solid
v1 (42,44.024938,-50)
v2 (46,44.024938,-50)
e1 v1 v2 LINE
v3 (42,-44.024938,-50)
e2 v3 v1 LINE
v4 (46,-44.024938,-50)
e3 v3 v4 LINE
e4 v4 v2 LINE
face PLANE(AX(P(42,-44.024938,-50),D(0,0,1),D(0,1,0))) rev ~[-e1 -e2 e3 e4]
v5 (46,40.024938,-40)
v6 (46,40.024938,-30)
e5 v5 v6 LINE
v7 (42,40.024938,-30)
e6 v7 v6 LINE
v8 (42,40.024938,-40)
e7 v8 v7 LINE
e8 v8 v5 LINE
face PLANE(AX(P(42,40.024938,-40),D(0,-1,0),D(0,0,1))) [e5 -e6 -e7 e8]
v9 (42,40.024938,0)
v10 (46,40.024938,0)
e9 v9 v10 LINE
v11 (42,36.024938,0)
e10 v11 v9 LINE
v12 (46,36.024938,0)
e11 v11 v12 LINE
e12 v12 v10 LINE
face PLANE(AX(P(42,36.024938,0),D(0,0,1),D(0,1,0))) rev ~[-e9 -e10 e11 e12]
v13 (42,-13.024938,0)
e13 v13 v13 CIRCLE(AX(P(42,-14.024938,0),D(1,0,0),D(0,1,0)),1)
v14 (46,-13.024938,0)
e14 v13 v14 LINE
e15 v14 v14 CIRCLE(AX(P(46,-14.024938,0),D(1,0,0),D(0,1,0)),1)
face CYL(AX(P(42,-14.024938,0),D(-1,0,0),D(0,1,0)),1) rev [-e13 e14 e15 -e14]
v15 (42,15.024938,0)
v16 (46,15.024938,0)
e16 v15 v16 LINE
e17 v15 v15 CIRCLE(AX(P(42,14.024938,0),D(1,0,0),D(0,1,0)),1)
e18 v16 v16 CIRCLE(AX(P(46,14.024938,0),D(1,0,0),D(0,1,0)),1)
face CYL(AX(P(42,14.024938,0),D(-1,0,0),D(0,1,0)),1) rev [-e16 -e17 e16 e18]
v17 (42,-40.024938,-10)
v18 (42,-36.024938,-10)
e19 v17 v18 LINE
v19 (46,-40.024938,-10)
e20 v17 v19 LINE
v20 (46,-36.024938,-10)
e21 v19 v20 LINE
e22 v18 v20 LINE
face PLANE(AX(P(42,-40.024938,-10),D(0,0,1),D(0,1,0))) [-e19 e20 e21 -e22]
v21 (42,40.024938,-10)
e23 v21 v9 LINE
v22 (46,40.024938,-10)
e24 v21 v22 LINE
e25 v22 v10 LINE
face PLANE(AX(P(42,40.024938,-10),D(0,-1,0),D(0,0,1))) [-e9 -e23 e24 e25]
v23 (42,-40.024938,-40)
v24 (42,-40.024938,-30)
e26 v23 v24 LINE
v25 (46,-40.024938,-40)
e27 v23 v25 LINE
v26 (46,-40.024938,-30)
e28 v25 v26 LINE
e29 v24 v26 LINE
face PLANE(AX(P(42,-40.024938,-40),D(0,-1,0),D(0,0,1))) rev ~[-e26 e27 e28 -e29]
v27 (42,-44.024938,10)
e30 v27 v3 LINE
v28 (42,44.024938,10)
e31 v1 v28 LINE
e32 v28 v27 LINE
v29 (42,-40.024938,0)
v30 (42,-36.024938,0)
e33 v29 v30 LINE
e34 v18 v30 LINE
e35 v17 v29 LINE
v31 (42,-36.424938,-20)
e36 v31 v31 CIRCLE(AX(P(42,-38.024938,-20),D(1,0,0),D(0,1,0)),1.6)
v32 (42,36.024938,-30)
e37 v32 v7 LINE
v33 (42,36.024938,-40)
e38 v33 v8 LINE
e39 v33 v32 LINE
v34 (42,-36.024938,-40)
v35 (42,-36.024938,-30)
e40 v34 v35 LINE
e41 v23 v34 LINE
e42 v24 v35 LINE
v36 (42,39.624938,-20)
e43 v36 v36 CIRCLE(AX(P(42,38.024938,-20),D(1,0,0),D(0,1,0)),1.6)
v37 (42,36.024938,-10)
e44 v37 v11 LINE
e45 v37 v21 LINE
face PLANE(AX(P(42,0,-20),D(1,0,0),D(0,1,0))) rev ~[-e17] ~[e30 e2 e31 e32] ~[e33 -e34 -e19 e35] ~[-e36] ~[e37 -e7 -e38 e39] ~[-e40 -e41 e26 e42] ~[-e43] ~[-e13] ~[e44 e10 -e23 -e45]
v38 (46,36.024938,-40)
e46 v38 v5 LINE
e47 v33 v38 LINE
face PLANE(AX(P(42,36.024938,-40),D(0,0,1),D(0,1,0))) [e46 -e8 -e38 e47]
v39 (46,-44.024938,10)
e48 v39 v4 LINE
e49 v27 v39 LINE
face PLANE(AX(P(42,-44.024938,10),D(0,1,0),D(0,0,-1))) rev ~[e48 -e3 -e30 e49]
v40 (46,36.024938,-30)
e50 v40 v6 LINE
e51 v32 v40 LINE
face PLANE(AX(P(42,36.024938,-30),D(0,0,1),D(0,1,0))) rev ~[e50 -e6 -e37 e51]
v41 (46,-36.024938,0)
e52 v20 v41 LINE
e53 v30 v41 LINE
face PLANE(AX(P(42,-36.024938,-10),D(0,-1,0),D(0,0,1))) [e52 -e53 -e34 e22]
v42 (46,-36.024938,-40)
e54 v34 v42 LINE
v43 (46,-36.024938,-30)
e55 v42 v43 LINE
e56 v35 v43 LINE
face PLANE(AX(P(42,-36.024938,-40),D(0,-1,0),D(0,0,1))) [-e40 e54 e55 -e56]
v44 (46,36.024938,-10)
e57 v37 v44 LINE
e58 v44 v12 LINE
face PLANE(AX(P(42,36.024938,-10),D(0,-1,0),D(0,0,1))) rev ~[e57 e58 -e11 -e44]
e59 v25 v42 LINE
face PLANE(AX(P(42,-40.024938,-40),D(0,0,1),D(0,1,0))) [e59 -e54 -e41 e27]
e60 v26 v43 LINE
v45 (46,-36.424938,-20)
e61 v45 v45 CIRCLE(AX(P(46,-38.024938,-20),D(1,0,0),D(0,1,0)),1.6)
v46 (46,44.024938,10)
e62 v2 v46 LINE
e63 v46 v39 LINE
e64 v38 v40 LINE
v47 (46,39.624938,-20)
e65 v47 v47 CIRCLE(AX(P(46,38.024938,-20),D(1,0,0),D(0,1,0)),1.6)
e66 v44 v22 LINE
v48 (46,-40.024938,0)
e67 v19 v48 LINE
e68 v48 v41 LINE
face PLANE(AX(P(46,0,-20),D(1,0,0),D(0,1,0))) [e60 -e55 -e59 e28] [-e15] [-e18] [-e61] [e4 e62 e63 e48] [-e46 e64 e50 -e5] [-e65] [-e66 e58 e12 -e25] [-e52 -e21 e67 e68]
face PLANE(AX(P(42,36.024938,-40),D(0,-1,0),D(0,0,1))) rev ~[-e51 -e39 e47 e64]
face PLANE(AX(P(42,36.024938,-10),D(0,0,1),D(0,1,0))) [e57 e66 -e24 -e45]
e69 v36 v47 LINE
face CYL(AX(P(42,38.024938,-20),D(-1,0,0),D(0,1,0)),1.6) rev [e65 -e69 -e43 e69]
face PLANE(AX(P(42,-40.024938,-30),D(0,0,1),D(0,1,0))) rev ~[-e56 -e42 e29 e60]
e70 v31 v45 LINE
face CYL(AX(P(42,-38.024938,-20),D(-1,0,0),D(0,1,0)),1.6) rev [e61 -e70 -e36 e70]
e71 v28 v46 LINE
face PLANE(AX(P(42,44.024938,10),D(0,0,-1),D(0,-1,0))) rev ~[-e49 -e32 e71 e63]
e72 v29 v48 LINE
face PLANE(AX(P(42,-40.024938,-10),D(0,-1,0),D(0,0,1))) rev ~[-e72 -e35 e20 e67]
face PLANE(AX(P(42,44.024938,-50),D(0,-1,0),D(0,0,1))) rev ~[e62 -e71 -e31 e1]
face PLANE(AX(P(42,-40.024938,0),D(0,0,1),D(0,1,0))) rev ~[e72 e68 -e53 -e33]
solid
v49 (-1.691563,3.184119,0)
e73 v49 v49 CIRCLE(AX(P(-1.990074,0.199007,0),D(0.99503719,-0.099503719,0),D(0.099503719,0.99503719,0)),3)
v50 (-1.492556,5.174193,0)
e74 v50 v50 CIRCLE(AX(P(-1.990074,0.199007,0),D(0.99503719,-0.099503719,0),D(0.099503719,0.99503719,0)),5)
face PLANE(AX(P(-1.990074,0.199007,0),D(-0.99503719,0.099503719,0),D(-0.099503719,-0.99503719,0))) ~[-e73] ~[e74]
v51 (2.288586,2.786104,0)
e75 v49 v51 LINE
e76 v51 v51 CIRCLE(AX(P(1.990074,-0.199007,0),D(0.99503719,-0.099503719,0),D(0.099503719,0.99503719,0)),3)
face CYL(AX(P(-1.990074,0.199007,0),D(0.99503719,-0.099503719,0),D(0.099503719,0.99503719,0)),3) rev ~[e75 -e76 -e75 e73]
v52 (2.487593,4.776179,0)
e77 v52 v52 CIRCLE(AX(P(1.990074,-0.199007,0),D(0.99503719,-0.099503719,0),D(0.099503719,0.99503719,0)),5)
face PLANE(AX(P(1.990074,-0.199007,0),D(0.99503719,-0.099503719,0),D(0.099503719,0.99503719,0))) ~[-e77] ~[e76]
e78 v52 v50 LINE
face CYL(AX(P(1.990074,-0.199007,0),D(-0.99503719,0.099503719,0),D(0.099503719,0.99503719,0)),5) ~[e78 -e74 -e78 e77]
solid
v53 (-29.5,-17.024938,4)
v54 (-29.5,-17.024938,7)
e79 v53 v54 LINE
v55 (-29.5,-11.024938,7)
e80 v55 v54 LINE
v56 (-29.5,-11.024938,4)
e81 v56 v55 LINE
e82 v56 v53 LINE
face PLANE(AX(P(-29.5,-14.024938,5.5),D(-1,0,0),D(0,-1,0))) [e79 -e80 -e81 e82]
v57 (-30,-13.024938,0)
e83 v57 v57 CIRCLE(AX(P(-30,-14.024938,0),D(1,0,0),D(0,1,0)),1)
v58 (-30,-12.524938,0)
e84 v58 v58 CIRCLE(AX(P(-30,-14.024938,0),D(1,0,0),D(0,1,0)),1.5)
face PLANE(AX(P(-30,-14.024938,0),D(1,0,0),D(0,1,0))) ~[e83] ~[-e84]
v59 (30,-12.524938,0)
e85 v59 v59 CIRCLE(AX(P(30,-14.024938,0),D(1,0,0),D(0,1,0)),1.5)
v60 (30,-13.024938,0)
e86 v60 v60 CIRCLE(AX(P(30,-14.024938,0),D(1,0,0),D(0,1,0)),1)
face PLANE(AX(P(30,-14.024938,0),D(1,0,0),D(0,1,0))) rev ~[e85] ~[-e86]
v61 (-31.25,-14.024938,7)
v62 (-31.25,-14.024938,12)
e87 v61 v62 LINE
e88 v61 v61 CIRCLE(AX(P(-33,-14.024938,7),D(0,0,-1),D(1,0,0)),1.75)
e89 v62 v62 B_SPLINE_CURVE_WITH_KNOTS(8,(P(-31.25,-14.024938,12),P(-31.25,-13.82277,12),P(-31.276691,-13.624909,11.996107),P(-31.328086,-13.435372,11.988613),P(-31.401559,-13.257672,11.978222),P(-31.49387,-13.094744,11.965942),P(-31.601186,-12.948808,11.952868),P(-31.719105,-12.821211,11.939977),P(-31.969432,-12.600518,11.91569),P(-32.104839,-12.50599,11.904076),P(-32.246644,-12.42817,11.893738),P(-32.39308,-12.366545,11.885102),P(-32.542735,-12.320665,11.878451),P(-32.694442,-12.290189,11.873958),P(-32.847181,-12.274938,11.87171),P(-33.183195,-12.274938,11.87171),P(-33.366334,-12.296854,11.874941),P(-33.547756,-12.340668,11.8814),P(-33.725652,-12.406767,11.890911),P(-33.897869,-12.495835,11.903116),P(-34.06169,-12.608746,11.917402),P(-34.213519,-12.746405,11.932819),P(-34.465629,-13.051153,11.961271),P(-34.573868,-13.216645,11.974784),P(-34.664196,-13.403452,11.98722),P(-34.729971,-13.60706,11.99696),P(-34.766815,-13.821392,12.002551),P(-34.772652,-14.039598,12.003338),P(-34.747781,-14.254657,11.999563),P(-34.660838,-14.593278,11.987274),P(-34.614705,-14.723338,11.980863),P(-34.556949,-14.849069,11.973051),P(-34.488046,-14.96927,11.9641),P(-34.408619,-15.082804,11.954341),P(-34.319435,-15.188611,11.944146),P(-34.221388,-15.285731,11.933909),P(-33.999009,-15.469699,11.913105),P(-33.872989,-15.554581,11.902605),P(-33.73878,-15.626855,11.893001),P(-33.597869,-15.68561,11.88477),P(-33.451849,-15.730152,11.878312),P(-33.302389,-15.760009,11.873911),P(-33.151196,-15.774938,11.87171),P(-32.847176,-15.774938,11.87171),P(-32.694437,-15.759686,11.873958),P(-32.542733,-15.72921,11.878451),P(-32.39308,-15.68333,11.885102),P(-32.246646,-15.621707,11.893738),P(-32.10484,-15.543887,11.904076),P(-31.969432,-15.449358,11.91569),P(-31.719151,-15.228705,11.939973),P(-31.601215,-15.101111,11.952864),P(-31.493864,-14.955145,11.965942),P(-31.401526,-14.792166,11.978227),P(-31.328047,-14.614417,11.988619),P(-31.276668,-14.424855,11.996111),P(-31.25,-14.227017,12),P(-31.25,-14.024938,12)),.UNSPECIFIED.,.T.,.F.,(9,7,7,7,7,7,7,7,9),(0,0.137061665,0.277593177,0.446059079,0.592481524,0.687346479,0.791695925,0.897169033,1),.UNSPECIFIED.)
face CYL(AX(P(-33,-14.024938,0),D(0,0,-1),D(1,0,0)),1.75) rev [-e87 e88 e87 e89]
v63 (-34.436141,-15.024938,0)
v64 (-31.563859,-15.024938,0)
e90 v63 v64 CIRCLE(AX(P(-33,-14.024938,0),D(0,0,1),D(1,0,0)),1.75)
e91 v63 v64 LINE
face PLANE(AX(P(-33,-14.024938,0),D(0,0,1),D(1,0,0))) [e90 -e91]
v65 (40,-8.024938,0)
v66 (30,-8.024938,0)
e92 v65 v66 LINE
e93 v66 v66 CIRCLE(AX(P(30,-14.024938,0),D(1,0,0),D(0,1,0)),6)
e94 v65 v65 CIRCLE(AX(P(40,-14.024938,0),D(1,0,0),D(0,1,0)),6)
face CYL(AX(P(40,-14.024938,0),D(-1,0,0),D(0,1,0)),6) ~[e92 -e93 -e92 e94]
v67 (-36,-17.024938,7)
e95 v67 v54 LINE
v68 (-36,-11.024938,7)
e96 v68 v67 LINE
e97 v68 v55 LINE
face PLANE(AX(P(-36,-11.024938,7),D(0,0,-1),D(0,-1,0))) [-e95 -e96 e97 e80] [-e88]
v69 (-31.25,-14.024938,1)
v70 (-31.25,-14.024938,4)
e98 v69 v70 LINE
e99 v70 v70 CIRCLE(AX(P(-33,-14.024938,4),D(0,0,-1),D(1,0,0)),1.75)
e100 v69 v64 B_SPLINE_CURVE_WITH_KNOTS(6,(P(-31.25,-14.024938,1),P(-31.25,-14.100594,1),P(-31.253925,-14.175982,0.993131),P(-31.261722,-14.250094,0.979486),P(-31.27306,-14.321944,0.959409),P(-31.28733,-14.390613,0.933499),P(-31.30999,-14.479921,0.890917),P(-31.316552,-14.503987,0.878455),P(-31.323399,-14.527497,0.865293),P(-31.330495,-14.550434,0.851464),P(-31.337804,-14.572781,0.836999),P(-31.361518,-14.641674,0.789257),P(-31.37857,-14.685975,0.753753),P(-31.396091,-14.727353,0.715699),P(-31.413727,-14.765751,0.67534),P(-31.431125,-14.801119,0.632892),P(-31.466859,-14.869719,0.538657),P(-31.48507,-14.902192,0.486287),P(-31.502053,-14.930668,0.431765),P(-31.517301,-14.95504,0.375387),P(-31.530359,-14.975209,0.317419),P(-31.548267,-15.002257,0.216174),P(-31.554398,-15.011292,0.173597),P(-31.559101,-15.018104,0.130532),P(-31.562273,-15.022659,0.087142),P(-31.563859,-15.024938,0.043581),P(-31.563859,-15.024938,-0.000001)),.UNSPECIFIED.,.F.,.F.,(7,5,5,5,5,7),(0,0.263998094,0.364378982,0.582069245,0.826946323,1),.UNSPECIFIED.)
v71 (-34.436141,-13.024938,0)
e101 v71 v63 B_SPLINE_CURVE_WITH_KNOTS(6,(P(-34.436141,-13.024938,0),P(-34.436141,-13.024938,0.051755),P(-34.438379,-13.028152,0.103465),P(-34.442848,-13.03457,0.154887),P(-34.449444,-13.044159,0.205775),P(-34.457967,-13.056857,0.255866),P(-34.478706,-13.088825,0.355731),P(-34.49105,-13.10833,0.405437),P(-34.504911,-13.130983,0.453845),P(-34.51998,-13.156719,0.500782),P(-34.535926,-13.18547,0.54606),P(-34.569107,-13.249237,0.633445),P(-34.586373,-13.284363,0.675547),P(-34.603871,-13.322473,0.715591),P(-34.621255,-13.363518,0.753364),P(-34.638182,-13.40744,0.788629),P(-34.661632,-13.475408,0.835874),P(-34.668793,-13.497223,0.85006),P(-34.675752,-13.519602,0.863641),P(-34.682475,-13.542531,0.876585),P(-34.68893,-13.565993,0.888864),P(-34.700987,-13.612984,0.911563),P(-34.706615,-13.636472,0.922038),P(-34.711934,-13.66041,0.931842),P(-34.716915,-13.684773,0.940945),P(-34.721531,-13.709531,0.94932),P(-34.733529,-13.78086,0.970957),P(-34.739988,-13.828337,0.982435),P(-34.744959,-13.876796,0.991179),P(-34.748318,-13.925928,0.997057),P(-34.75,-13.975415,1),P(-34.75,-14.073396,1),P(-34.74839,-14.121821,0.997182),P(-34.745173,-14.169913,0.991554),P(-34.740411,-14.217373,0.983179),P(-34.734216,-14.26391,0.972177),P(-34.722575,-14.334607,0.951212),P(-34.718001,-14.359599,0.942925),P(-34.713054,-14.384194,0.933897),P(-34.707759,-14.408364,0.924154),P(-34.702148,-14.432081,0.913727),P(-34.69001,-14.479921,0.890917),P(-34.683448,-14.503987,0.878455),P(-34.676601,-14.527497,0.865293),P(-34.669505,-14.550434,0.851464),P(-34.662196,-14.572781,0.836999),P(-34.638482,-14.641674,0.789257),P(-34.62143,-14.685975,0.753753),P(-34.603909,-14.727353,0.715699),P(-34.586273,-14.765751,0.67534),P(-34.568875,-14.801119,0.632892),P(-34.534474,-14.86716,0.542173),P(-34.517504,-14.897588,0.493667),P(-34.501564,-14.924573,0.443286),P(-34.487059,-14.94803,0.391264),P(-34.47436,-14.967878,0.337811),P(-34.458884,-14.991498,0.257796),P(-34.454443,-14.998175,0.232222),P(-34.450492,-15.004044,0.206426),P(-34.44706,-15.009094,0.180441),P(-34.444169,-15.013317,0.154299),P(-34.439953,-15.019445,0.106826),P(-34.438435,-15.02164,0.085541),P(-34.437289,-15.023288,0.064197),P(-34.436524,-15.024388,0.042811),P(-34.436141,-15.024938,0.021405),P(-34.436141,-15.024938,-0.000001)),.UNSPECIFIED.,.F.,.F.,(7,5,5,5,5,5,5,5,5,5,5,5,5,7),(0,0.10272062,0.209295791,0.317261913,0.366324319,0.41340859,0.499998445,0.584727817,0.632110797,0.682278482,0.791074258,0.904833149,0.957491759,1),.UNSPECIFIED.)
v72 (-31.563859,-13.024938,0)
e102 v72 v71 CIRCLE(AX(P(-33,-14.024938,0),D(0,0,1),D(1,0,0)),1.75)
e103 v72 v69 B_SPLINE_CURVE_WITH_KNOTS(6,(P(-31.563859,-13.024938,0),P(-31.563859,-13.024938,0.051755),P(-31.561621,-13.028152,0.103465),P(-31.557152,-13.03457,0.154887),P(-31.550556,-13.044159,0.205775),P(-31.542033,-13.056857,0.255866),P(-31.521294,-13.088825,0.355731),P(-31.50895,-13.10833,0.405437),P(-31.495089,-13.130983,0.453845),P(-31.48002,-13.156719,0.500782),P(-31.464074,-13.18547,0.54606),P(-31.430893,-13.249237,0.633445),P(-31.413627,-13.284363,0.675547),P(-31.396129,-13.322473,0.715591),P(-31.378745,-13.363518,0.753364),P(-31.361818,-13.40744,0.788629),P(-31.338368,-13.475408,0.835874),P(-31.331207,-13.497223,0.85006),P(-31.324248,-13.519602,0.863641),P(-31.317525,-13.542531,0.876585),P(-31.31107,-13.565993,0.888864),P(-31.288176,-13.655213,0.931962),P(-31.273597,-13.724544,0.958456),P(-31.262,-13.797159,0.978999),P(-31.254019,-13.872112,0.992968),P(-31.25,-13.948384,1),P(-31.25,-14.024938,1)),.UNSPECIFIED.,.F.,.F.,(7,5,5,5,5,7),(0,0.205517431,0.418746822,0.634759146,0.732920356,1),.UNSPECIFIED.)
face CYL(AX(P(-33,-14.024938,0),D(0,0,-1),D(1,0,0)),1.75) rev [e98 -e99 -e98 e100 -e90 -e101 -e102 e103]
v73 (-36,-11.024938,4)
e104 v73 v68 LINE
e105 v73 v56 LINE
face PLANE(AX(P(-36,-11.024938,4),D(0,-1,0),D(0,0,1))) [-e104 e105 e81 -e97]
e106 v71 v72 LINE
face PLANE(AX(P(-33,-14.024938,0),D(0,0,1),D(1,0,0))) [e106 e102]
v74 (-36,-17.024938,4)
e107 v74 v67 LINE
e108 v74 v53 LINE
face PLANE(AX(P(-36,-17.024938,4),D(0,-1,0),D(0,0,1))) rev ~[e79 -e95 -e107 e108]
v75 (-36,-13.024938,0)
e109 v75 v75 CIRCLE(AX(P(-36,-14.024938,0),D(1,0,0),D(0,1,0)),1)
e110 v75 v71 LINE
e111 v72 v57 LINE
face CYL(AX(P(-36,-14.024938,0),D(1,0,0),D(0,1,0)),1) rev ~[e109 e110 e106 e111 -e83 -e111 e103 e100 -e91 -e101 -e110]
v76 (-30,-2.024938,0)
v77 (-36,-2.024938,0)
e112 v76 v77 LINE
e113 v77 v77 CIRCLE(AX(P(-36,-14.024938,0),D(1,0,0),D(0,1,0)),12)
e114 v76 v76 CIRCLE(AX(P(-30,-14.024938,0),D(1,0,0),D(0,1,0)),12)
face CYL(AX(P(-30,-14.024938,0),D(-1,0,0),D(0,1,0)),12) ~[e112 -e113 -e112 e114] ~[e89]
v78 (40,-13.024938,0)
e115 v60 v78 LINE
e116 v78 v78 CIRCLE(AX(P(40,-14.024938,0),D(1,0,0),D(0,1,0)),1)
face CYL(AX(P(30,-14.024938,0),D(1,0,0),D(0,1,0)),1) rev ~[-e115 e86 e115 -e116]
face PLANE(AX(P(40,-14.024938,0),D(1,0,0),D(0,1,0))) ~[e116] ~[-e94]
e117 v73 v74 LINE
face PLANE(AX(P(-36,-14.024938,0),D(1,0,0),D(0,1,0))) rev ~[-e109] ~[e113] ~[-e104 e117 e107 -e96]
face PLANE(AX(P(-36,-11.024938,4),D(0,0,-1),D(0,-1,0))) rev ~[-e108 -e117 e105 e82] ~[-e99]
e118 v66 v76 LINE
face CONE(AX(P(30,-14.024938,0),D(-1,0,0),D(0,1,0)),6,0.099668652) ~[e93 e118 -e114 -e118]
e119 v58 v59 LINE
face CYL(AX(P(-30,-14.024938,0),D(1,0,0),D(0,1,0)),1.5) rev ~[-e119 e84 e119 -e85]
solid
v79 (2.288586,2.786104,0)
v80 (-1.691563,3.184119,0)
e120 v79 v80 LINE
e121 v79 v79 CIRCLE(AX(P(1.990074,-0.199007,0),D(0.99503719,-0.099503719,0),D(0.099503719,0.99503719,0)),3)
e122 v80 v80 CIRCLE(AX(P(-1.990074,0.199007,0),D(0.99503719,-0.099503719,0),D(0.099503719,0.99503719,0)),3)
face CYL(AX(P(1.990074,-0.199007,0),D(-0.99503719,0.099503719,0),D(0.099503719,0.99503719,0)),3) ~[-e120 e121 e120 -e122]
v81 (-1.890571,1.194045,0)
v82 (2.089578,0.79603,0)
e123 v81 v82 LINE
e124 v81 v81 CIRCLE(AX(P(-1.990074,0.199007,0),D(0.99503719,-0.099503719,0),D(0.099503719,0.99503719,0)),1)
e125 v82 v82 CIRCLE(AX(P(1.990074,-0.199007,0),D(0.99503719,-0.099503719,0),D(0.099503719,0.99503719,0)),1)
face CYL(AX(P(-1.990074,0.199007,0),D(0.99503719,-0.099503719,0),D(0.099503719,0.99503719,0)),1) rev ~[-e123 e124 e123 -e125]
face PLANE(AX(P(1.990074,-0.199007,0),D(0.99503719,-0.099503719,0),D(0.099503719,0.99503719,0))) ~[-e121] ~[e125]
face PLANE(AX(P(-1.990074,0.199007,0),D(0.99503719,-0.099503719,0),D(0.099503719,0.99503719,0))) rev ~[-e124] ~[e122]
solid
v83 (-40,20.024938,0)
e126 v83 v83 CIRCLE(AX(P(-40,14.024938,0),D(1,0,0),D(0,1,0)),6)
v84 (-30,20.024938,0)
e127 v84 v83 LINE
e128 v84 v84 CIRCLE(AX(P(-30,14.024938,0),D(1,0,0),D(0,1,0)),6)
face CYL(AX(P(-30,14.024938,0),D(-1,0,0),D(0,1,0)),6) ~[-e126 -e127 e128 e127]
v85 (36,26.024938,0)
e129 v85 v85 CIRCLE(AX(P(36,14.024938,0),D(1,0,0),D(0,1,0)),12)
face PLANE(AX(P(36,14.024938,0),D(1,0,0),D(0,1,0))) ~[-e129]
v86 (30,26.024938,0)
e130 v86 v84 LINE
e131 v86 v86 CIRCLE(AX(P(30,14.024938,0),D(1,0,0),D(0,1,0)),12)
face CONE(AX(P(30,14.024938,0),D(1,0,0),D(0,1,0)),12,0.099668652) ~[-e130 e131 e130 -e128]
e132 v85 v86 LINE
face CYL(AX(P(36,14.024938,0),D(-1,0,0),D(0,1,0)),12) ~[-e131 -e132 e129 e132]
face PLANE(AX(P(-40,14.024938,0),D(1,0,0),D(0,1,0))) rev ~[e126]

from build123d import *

# Parameters (mm, degrees)
F11_R     = 1.75
F12_DEPTH = 12.001
F13_W     = 6
F13_H     = 3
F14_DEPTH = 6.5
F16_W     = 4
F16_H     = 10
F16_R     = 1.6
F16_R_2   = 1
F17_DEPTH = 4


with BuildPart() as f4:
    # F3 (on Top) → F4 (revolve)
    with BuildSketch(Plane.XY):
        Polygon((-36, -2.0249378106), (-36, -13.0249378106), (-30, -13.0249378106), (-30, -12.5249378106), (30, -12.5249378106), (30, -13.0249378106), (40, -13.0249378106), (40, -8.0249378106), (30, -8.0249378106), (-30, -2.0249378106), align=None)
    revolve(axis=Axis((0, -14.0249378106, 0), (1, 0, 0)))

    # F11 (on Top) → F12 (cut, through all)
    with BuildSketch(Plane.XY):
        with Locations((-33, -14.0249378106)):
            Circle(F11_R)
    extrude(amount=F12_DEPTH, mode=Mode.SUBTRACT)

    # F13 (on face) → F14 (cut)
    with BuildSketch(Plane(origin=(-36, 0, 0), x_dir=(0, -1, 0), z_dir=(-1, 0, 0))):
        with Locations((14.0249378106, 5.5)):
            Rectangle(F13_W, F13_H)
    extrude(amount=-F14_DEPTH, mode=Mode.SUBTRACT)


with BuildPart() as f6:
    # F5 (on Top) → F6 (revolve)
    with BuildSketch(Plane.XY):
        Polygon((36, 14.0249378106), (36, 26.0249378106), (30, 26.0249378106), (-30, 20.0249378106), (-40, 20.0249378106), (-40, 14.0249378106), align=None)
    revolve(axis=Axis((0, 14.0249378106, 0), (1, 0, 0)))


with BuildPart() as f8:
    # F7 (on Top) → F8 (revolve)
    with BuildSketch(Plane.XY):
        Polygon((2.2885855375, 2.7861041326), (-1.6915632234, 3.1841190087), (-1.8905706614, 1.1940446283), (2.0895780994, 0.7960297522), align=None)
    revolve(axis=Axis((0, 0, 0), (0.9950371902, -0.099503719, 0)))


with BuildPart() as f10:
    # F9 (on Top) → F10 (revolve)
    with BuildSketch(Plane.XY):
        Polygon((-1.4925557853, 5.1741933891), (-1.6915632234, 3.1841190087), (2.2885855375, 2.7861041326), (2.4875929755, 4.776178513), align=None)
    revolve(axis=Axis((0, 0, 0), (0.9950371902, -0.099503719, 0)))


with BuildPart() as f17:
    # F16 (on plane+point) → F17 (new body, through all)
    with BuildSketch(Plane.YZ.offset(42)):
        Polygon((-44.0249378106, 10), (-44.0249378106, 0), (-44.0249378106, -50), (44.0249378106, -50), (44.0249378106, 0), (44.0249378106, 10), align=None)
        with Locations((-38.0249378106, -35)):
            Rectangle(F16_W, F16_H, mode=Mode.SUBTRACT)
        with Locations((38.0249378106, -35)):
            Rectangle(F16_W, F16_H, mode=Mode.SUBTRACT)
        with Locations((-38.0249378106, -20)):
            Circle(F16_R, mode=Mode.SUBTRACT)
        with Locations((-38.0249378106, -5)):
            Rectangle(F16_W, F16_H, mode=Mode.SUBTRACT)
        with Locations((-14.0249378106, 0)):
            Circle(F16_R_2, mode=Mode.SUBTRACT)
        with Locations((38.0249378106, -20)):
            Circle(F16_R, mode=Mode.SUBTRACT)
        with Locations((14.0249378106, 0)):
            Circle(F16_R_2, mode=Mode.SUBTRACT)
        with Locations((38.0249378106, -5)):
            Rectangle(F16_W, F16_H, mode=Mode.SUBTRACT)
    extrude(amount=F17_DEPTH)


solid = Compound([f4.part, f6.part, f8.part, f10.part, f17.part])
